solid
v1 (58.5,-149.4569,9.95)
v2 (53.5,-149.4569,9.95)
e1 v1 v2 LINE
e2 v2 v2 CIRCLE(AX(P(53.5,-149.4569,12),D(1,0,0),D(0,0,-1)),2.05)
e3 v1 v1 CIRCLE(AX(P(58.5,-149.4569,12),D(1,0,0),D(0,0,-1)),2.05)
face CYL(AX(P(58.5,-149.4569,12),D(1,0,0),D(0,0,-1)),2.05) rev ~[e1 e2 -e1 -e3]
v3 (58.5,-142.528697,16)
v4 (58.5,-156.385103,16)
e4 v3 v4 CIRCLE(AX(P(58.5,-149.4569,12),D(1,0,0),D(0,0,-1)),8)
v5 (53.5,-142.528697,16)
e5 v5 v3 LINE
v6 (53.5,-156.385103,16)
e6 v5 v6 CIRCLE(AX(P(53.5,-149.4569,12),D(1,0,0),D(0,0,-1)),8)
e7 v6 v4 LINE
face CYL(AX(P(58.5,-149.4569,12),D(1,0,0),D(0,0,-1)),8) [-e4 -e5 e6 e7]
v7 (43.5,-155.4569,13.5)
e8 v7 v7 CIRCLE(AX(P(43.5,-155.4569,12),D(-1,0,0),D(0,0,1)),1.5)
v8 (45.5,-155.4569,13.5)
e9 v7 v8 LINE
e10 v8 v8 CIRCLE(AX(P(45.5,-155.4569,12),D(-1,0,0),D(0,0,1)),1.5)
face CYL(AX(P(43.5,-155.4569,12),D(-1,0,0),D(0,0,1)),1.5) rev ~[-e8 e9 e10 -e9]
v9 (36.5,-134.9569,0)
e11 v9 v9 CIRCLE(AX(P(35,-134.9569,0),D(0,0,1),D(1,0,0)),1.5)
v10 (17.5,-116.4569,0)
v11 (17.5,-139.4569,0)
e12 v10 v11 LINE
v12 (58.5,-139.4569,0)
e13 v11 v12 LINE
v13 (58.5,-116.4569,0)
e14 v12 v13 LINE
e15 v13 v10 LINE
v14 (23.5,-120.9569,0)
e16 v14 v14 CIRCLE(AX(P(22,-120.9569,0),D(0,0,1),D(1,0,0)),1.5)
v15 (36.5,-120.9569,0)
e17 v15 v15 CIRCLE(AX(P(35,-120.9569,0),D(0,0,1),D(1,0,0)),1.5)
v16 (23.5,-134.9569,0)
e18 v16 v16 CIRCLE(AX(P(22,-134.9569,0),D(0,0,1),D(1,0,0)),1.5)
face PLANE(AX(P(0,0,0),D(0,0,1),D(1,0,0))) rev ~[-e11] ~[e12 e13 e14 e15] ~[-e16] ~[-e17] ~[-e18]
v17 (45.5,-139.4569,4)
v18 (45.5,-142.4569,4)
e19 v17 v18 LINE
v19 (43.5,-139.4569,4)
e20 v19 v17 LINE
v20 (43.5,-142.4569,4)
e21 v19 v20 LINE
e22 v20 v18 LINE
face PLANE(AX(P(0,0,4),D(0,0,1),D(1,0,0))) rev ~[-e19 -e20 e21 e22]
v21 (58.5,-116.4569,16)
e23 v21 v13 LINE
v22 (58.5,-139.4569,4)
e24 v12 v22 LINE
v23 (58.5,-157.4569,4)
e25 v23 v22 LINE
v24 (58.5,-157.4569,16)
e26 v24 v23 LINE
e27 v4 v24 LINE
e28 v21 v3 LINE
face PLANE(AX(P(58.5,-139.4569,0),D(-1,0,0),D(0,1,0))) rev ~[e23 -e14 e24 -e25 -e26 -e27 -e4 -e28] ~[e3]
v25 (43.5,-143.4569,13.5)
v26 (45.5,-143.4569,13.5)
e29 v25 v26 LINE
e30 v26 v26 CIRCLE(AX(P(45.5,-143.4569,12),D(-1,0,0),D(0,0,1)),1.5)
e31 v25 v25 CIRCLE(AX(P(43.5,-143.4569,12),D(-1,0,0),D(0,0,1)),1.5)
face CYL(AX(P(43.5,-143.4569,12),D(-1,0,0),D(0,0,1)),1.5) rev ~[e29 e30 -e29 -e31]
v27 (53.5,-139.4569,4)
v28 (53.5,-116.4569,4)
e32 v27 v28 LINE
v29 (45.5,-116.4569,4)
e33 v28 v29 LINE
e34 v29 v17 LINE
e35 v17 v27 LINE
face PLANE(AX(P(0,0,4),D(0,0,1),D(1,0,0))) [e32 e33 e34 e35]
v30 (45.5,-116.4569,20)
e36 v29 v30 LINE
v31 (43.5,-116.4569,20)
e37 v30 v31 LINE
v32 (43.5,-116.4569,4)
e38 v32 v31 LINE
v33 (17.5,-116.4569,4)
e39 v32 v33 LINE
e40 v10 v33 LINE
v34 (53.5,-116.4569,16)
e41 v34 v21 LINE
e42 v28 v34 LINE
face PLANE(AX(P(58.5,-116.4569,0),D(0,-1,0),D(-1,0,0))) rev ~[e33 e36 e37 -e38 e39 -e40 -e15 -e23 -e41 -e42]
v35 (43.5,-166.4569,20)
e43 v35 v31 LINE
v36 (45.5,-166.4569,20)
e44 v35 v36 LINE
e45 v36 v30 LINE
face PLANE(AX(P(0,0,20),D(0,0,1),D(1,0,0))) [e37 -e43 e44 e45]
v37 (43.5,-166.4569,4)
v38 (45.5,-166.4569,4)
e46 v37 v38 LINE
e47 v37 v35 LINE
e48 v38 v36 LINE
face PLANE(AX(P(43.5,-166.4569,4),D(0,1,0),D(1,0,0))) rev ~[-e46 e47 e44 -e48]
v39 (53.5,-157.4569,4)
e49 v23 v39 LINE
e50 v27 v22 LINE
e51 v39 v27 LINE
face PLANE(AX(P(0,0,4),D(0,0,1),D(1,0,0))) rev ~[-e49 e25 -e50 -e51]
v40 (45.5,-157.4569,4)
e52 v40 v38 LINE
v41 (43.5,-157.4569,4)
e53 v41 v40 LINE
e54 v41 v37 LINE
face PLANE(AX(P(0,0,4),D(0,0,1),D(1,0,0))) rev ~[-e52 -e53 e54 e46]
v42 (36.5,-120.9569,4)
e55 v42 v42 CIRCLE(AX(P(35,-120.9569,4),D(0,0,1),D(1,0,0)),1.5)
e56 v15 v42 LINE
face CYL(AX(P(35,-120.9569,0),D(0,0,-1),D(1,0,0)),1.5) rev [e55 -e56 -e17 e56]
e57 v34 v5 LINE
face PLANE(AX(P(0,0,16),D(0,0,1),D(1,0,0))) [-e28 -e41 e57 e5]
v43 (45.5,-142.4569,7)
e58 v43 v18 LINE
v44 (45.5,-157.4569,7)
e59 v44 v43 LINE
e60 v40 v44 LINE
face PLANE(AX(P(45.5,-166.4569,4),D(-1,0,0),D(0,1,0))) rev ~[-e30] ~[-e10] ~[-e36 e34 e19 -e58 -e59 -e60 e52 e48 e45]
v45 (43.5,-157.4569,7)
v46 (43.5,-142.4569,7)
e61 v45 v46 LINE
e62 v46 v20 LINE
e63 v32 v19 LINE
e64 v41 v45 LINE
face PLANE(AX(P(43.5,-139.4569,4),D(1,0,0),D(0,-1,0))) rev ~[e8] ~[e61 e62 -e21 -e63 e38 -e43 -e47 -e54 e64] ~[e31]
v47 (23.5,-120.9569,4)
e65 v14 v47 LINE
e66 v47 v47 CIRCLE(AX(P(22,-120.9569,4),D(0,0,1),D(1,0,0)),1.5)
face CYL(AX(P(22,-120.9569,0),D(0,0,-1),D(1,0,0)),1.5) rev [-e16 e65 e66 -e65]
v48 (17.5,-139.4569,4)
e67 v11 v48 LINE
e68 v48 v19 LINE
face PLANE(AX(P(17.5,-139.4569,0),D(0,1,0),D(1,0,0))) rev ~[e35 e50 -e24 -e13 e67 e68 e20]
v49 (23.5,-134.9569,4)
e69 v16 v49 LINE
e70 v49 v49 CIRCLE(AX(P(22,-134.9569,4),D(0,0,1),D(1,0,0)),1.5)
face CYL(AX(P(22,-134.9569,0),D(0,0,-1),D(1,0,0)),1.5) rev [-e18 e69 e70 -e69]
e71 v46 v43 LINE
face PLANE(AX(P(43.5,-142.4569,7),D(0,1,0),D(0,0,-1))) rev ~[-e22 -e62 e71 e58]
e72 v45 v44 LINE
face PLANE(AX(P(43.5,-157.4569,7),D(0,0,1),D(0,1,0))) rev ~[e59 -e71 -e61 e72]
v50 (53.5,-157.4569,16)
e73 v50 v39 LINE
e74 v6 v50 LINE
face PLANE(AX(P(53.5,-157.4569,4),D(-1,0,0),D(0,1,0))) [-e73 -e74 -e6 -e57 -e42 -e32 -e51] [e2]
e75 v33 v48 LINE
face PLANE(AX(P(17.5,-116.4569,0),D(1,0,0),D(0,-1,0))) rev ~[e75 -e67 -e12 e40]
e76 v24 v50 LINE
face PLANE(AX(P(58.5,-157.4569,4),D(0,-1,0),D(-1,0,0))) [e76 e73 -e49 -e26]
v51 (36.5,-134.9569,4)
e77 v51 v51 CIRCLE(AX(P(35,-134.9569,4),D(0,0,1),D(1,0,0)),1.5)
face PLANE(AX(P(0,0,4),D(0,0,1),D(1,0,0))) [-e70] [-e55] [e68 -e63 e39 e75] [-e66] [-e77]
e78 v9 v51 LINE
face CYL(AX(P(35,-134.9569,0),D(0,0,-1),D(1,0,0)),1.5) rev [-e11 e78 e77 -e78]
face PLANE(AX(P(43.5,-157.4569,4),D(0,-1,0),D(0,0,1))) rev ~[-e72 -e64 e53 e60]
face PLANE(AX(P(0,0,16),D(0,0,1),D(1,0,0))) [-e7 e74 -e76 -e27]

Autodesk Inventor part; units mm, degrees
ref_plane "YZ Plane" through (0, 0, 0) normal (1, 0, 0) x (0, 1, 0)
ref_plane "XZ Plane" through (0, 0, 0) normal (0, 1, 0) x (-1, 0, 0)
ref_plane "РабПлоскость1" through (0, 0, 0) normal (0, 0, 1) x (1, 0, 0)
sketch "Эскиз1" plane through (0, 0, 0) normal (0, 0, 1) x (1, 0, 0)
  circle A0 centre (22, -134.9569) radius 1.5
  circle A1 centre (22, -120.9569) radius 1.5
  circle A2 centre (35, -134.9569) radius 1.5
  circle A3 centre (35, -120.9569) radius 1.5
  line L0 (25.3767, -96.9033) -> (9.3929, -97.3164) projected
  line L1 (46.6684, -70.3473) -> (46.1406, -50.3565) projected
  line L2 (48, -90) -> (48, -70.3473) projected
  line L3 (17.5, -139.4569) -> (58.5, -139.4569)
  line L4 (58.5, -139.4569) -> (58.5, -116.4569)
  line L5 (58.5, -116.4569) -> (17.5, -116.4569)
  line L6 (17.5, -116.4569) -> (17.5, -139.4569)
  ellipse E0 centre (13.2497, -96.1261) end of major axis (24.2459, -95.8358) minor radius 0.1657 projected
  point P0 (0, 0)
  point P1 (12.1906, -152.9569)
  dimension "d0" = 18
  dimension "d2" = 14
  dimension "d3" = 14
  dimension "d4" = 3
  dimension "d5" = 3
  dimension "d6" = 3
  dimension "d7" = 3
  dimension "d8" = 13
  dimension "d9" = 13
  dimension "d10" = 13
  dimension "d11" = 13
  dimension "d12" = 23
  dimension "d13" = 41
  dimension "d14" = 4.5
  dimension "d15" = 4.5
  dimension "d33" = 23.5
  dimension "d34" = 23.5
extrude "Выдавливание1" add sketch "Эскиз1" along normal blind 4 contours L6 L5 L4 L3
sketch "Эскиз2" plane through (0, 0, 4) normal (0, 0, 1) x (1, 0, 0)
  line L0 (43.5, -166.4569) -> (45.5, -166.4569)
  line L1 (45.5, -166.4569) -> (45.5, -116.4569)
  line L2 (45.5, -116.4569) -> (43.5, -116.4569)
  line L3 (43.5, -116.4569) -> (43.5, -166.4569)
  line L4 (53.5, -116.4569) -> (58.5, -116.4569)
  line L5 (58.5, -116.4569) -> (58.5, -157.4569)
  line L6 (58.5, -157.4569) -> (53.5, -157.4569)
  line L7 (53.5, -157.4569) -> (53.5, -116.4569)
  line L8 (58.5, -139.4569) -> (58.5, -116.4569) projected
  line L9 (58.5, -116.4569) -> (17.5, -116.4569) projected
  line L10 (17.5, -139.4569) -> (58.5, -139.4569) projected
  point P0 (0, 0)
  point P1 (58.5, -139.4569)
  point P2 (53.5, -139.4569)
  dimension "d18" = 8
  dimension "d19" = 18
  dimension "d20" = 5
  dimension "d21" = 2
  dimension "d22" = 50
extrude "Выдавливание2" add sketch "Эскиз2" along normal blind 12 contours L10 L5 L6 L7 | L7 L4 L5 L10
sketch "Эскиз3" plane through (53.5, -157.4569, 4) normal (-1, 0, 0) x (0, 0, 1)
  line L0 (0, 18) -> (0, 41)
  line L1 (0, 18) -> (0, -9) construction
  line L2 (0, -9) -> (6, -9) construction
  line L3 (6, 41) -> (6, -9) construction
  line L4 (0, 41) -> (6, 41)
  circle A0 centre (8, 8) radius 1.55
  line L5 (-4, 18) -> (0, 18) projected
  line L6 (12, 41) -> (12, 0) projected
  line L7 (0, 0) -> (12, 0) projected
  point P0 (-4, 157.4569)
  dimension "d26" = 3.1
  dimension "d40" = 4
  dimension "d41" = 8
extrude "Выдавливание3" cut sketch "Эскиз3" against normal through all
thread "Резьба1" size "M3x0.5" class "6H" standard "ANSI Metric M Profile" full length
extrude "Выдавливание4" add sketch "Эскиз2" along normal blind 16 contours L3 L10 L1 L0 | L3 L2 L1 L10
sketch "Эскиз4" plane through (58.5, -139.4569, 0) normal (1, 0, 0) x (0, 0, -1)
  circle A0 centre (-12, -10) radius 1.55 projected
  circle A1 centre (-12, -10) radius 2.05
  circle A2 centre (-12, -10) radius 8
  line L0 (-4, -18) -> (-16, -18) projected
  point P0 (0, 139.4569)
  dimension "d35" = 4.1
extrude "Выдавливание5" cut sketch "Эскиз4" against normal up to surface (5 mm away) contours A0 | A1
extrude "Выдавливание6" add sketch "Эскиз4" against normal up to surface (5 mm away) contours A2
sketch "Эскиз5" plane through (43.5, -166.4569, 4) normal (-1, 0, 0) x (0, 0, 1)
  circle A0 centre (8, 17) radius 2.05 projected
  line L0 (0, 27) -> (0, 9) projected
  line L1 (0, 9) -> (12, 9) projected
  line L2 (12, 50) -> (12, 23.9282) projected
  line L3 (0, 50) -> (12, 50) projected
  line L4 (0, 27) -> (0, 50) projected
  arc A1 (12, 10.0718) -> (12, 23.9282) centre (8, 17) ccw projected
  line L5 (12, 10.0718) -> (12, 9) projected
  line L6 (16, 17) -> (0, 17) construction
  line L7 (16, 50) -> (16, 0) projected
  circle A2 centre (8, 11) radius 1.5
  circle A3 centre (8, 23) radius 1.5
  line L8 (8, 11) -> (8, 23) construction
  line L9 (0, 9) -> (3, 9)
  line L10 (3, 9) -> (3, 24)
  line L11 (3, 24) -> (0, 24)
  line L12 (0, 24) -> (0, 9)
  point P0 (-4, 166.4569)
  point P1 (8, 17)
  point P2 (0, 24)
  point P3 (3, 9)
  dimension "d49" = 3
  dimension "d50" = 3
  dimension "d52" = 15
  dimension "d53" = 6
  dimension "d54" = 5
  dimension "d55" = 15
extrude "Выдавливание7" cut sketch "Эскиз5" against normal blind 10 contours L11 L10 L1 L0 | A2 | A3
equation "\"d34\" = d33"
properties part number "робот-энкодер"
